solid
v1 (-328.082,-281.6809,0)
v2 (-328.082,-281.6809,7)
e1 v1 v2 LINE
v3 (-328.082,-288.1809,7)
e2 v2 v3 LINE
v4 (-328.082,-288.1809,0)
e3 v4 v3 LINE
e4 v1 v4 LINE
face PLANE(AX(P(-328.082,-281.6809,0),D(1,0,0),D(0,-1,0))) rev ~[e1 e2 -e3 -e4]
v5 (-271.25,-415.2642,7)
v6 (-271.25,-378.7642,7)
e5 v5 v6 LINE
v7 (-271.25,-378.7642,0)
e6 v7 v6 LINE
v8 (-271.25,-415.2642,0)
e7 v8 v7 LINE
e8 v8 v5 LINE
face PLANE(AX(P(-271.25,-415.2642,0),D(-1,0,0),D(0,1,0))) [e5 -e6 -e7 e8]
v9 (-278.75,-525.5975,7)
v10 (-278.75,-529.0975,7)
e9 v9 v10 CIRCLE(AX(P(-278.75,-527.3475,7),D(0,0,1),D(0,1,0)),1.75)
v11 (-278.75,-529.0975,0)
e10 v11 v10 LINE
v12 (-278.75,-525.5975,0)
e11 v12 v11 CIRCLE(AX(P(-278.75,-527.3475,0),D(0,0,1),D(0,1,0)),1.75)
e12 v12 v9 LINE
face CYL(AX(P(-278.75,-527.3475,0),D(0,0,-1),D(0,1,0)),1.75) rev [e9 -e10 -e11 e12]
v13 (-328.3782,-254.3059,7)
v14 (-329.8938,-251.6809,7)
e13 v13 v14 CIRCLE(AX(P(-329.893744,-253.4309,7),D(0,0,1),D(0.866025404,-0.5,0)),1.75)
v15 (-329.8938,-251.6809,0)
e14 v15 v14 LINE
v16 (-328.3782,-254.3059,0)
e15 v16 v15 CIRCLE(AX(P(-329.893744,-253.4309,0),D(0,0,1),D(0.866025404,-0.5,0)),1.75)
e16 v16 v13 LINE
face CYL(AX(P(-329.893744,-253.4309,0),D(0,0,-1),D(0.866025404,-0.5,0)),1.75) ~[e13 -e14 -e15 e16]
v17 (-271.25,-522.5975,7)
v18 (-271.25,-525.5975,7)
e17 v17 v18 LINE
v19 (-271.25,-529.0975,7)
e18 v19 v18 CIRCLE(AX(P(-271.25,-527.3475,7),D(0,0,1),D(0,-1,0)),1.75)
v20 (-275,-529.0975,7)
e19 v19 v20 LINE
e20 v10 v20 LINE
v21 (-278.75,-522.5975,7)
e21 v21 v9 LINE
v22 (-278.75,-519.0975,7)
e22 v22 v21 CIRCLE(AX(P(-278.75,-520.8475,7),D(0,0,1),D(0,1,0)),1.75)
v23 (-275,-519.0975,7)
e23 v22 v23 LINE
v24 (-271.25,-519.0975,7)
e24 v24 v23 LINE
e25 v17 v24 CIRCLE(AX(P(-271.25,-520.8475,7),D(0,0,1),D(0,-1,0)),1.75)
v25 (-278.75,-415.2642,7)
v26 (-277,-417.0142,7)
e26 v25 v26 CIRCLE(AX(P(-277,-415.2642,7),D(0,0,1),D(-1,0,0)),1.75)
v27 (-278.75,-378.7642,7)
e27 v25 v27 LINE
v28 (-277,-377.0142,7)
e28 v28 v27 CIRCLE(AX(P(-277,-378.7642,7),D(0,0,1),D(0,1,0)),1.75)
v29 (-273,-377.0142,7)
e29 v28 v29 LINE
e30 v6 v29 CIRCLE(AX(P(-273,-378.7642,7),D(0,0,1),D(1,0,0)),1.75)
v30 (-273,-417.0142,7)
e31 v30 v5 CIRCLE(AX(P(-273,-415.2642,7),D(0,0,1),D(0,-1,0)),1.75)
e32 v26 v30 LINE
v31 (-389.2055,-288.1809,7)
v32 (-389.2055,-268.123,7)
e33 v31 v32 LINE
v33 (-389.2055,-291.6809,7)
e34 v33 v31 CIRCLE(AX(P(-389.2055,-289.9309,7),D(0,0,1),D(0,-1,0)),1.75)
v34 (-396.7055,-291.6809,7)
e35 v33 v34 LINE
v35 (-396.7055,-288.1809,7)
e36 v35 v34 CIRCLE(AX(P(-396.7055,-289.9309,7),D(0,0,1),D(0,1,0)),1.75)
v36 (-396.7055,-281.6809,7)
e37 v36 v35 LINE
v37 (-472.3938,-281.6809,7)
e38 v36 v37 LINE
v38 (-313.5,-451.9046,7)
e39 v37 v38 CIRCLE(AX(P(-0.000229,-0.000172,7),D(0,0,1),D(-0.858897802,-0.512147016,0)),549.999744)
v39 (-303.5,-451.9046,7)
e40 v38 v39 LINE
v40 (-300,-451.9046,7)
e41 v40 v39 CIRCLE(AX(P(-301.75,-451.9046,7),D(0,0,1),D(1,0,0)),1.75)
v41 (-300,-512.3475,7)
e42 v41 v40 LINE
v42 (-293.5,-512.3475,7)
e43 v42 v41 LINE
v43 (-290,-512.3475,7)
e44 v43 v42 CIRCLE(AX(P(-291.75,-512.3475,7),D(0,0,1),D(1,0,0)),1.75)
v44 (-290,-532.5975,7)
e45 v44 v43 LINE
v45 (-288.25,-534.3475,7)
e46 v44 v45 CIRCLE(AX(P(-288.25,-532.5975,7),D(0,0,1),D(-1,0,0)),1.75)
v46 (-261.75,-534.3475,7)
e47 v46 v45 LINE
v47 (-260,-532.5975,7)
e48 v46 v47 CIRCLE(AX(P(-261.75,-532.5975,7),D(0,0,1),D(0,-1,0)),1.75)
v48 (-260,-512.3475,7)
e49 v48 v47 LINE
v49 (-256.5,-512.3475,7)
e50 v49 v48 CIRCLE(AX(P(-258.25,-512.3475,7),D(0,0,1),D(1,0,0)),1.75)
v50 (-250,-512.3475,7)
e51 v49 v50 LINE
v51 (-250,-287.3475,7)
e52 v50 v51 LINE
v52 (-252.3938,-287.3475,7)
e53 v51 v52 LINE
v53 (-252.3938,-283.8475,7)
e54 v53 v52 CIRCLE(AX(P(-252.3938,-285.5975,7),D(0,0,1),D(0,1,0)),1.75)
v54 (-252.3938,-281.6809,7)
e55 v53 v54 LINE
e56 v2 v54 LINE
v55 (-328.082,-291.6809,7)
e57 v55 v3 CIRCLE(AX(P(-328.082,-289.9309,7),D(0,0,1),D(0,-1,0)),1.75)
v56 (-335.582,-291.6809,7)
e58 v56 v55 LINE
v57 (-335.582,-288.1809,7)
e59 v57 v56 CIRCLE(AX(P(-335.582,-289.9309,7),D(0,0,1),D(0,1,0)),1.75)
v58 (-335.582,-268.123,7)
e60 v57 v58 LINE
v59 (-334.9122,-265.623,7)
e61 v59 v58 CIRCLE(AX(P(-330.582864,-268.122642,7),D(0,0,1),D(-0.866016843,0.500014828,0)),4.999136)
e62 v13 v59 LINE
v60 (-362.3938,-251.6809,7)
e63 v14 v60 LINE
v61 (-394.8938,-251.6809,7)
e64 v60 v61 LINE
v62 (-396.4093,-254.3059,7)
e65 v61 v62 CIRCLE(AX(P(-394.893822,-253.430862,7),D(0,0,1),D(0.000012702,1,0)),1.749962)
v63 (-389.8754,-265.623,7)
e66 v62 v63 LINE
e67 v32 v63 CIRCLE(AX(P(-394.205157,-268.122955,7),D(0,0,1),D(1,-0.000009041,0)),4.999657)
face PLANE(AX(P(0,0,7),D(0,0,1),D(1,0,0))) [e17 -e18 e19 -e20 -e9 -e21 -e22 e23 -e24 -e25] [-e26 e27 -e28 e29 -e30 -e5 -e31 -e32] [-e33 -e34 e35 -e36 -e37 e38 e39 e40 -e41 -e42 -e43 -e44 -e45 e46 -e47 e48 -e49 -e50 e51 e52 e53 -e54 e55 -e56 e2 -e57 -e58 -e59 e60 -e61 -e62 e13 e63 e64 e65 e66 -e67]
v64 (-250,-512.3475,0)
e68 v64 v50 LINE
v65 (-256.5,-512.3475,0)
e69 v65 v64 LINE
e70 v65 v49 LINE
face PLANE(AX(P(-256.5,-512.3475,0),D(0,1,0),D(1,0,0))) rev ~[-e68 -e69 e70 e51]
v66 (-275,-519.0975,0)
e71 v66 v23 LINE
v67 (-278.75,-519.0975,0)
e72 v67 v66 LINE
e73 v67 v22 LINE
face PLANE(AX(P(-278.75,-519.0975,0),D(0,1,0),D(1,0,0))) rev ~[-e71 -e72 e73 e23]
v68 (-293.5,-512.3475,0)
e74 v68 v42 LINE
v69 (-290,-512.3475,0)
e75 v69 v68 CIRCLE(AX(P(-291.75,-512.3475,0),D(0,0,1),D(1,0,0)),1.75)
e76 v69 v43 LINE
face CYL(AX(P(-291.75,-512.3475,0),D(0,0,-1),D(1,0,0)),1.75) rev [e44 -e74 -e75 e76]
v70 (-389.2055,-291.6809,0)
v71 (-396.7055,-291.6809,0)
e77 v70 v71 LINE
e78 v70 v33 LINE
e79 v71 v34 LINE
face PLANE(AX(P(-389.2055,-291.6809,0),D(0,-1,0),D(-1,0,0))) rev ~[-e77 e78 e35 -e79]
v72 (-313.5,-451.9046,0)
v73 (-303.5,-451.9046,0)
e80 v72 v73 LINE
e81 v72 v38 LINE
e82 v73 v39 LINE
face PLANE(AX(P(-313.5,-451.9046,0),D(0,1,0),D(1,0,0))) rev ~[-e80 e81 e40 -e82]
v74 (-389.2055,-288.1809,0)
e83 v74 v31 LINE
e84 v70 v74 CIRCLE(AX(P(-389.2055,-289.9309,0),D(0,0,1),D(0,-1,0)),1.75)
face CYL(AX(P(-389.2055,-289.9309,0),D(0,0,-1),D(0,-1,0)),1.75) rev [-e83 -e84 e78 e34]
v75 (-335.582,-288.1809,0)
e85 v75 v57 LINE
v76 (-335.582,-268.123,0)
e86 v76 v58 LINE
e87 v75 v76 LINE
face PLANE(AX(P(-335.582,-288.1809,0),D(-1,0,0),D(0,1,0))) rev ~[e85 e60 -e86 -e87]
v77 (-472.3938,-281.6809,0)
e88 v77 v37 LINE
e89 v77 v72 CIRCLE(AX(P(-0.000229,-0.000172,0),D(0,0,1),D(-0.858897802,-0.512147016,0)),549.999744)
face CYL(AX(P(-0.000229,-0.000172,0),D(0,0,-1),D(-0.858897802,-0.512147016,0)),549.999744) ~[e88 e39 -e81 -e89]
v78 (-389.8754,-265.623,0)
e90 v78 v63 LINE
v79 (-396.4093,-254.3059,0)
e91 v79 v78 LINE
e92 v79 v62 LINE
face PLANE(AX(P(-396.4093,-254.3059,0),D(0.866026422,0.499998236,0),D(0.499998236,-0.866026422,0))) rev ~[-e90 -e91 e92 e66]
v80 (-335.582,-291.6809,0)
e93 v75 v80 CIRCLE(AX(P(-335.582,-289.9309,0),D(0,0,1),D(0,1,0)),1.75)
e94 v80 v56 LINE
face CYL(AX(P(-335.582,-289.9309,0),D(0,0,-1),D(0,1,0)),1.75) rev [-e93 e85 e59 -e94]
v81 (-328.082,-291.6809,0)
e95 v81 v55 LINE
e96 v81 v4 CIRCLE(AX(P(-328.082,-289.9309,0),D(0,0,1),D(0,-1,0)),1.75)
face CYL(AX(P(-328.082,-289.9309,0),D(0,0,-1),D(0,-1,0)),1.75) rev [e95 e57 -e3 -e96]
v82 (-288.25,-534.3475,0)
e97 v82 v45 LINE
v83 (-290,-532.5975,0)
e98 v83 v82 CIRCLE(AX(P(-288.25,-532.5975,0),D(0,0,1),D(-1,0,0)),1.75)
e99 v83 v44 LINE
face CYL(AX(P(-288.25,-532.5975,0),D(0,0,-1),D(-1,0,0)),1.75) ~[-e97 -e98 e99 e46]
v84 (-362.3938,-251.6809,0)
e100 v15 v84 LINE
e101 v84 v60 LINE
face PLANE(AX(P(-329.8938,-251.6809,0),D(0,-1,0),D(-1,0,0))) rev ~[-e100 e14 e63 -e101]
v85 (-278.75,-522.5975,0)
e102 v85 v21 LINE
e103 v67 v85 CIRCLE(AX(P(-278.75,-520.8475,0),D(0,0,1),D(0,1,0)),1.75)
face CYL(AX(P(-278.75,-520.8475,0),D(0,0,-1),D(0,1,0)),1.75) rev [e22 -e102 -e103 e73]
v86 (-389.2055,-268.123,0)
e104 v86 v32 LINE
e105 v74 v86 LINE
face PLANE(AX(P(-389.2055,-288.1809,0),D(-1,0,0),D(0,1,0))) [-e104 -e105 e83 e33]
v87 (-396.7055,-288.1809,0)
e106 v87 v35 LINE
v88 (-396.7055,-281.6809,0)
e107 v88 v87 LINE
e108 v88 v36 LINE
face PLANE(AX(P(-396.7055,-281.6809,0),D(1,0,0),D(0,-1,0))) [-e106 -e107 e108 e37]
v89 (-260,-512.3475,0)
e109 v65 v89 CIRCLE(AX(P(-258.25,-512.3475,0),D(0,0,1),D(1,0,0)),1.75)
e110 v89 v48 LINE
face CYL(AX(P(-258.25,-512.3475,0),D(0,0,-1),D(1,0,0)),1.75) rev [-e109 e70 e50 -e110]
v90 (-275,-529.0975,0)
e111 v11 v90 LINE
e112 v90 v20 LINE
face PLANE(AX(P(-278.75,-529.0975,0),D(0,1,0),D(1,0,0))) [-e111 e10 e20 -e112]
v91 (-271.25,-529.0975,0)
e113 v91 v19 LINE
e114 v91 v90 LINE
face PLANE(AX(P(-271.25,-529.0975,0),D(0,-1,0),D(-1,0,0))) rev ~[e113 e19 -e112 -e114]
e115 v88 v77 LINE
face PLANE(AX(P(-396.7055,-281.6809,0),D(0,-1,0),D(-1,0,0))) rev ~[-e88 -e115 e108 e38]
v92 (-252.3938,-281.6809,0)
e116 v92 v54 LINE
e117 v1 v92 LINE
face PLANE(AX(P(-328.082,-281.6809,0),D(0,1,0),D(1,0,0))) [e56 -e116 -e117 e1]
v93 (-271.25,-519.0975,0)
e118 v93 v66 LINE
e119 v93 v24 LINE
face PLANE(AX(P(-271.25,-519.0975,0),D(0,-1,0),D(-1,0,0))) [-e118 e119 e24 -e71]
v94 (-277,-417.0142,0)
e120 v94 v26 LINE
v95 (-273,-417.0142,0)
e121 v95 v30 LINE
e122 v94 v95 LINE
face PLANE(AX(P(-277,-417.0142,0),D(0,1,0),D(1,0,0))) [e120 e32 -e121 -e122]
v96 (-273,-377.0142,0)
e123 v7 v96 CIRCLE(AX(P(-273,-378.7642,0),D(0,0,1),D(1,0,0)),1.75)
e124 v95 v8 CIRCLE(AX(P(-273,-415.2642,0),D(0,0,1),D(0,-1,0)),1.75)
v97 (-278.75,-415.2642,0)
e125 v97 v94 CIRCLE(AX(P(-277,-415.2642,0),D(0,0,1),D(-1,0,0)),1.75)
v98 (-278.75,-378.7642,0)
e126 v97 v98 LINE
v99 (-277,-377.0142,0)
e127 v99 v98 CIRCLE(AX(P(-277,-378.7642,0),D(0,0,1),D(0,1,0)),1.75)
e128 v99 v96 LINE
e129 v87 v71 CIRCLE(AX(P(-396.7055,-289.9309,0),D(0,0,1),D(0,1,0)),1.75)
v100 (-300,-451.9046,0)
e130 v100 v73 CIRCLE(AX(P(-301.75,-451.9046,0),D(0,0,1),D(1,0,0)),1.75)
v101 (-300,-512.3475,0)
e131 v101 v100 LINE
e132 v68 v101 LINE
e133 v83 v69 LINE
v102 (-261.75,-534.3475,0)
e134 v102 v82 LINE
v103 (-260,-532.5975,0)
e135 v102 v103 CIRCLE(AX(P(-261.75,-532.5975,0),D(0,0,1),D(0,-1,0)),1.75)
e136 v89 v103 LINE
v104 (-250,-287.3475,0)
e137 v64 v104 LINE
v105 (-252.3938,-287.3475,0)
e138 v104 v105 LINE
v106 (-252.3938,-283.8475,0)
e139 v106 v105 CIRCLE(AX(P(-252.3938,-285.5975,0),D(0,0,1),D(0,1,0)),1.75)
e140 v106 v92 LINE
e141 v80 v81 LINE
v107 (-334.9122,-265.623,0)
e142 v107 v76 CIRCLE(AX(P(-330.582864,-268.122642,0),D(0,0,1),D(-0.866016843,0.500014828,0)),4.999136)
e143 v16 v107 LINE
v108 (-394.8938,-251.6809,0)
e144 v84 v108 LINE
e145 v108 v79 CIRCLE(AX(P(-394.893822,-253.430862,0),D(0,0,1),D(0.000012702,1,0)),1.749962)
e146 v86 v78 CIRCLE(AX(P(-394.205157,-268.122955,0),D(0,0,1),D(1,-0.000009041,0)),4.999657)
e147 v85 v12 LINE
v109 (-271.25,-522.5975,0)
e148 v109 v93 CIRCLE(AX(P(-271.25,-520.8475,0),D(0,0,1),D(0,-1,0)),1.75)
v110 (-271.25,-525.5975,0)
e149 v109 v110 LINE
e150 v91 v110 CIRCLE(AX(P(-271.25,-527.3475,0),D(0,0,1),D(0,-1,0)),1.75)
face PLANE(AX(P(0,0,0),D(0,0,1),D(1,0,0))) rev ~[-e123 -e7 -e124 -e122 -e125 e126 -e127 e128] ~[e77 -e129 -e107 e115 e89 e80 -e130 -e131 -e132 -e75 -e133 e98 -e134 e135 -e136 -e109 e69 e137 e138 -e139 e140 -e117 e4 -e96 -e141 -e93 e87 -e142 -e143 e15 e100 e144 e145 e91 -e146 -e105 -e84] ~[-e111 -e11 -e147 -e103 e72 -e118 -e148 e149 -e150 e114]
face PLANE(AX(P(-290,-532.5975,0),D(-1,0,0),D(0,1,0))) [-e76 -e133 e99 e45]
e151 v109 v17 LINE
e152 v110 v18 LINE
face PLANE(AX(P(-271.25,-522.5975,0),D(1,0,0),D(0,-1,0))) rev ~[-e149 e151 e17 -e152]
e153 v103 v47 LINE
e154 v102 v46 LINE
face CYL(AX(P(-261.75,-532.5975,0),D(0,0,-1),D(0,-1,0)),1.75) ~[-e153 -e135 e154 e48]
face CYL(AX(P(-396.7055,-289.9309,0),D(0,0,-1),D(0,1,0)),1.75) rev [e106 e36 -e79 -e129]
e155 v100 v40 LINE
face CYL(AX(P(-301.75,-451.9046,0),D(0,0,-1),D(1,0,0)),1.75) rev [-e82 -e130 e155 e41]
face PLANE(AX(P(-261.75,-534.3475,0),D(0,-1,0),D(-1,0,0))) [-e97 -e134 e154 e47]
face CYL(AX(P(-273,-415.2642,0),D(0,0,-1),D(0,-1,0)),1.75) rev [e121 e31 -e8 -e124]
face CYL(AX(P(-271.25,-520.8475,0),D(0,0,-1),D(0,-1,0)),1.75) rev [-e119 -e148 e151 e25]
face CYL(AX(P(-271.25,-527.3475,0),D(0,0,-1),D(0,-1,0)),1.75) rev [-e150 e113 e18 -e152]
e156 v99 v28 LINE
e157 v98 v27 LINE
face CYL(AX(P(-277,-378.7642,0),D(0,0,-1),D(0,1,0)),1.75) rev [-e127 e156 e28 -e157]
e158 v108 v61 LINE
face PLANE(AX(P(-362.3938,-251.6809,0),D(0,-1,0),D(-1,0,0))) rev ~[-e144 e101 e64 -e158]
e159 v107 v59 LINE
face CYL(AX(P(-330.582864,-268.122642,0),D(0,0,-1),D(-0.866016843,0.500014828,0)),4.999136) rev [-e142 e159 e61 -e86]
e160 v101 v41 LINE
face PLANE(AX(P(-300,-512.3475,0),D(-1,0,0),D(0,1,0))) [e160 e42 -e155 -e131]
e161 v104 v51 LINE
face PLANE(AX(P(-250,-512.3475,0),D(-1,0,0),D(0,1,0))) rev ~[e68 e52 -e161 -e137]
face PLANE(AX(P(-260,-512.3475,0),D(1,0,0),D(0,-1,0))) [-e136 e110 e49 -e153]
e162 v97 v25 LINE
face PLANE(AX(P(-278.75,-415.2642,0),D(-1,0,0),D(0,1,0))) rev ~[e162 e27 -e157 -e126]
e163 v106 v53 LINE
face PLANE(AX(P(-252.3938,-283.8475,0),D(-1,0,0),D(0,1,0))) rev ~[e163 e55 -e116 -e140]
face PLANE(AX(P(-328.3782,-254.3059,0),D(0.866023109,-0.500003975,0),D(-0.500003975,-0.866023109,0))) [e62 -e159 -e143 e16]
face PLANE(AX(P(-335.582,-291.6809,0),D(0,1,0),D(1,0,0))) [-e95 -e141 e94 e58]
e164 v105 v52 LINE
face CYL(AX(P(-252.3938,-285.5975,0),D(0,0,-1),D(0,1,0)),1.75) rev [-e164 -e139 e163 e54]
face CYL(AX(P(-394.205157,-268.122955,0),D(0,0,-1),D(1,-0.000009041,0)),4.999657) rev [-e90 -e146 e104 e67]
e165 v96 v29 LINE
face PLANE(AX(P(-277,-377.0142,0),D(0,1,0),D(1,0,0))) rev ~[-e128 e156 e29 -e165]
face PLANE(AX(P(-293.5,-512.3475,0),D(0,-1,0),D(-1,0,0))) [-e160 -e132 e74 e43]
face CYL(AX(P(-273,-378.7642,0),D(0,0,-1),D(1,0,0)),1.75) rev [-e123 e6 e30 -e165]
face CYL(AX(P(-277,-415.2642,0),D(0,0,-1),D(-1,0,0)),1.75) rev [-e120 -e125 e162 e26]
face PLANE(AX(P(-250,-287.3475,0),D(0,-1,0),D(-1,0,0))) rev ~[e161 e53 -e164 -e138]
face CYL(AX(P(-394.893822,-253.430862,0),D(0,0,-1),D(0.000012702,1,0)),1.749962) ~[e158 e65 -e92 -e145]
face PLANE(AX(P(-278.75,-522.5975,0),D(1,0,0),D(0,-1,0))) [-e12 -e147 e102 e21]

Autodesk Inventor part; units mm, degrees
ref_plane "YZ Plane" through (0, 0, 0) normal (1, 0, 0) x (0, 1, 0)
ref_plane "XZ Plane" through (0, 0, 0) normal (0, 1, 0) x (-1, 0, 0)
ref_plane "XY Plane" through (0, 0, 0) normal (0, 0, 1) x (1, 0, 0)
sketch "Sketch1" plane through (0, 0, 0) normal (0, 0, 1) x (1, 0, 0)
  arc A0 (0, 550) -> (-200, 512.3475) centre (0, 0) ccw construction
  line L0 (-472.3938, -281.6809) -> (-252.3938, -281.6809) construction
  line L1 (-489.0365, 251.6809) -> (-252.3938, 251.6809) construction
  line L2 (-150, 323.3356) -> (-150, 512.3475) construction
  line L3 (-472.3938, 281.6809) -> (-252.3938, 281.6809) construction
  line L4 (-472.3938, -251.6809) -> (-252.3938, -251.6809) construction
  line L5 (-356.435, 15) -> (-576.435, 15) construction
  line L6 (-472.3938, -281.6809) -> (-472.3938, -251.6809) construction
  line L7 (-252.3938, -281.6809) -> (-252.3938, -251.6809) construction
  line L8 (-252.3938, 281.6809) -> (-252.3938, 251.6809) construction
  line L9 (-472.3938, 281.6809) -> (-472.3938, 251.6809) construction
  line L10 (-356.435, 15) -> (-356.435, -15) construction
  line L11 (-356.435, -15) -> (-576.435, -15) construction
  line L12 (-576.435, -15) -> (-576.435, 15) construction
  arc A1 (0, 356.435) -> (-150, 323.3356) centre (0, 0) ccw construction
  arc A2 (-250, -323.3356) -> (-100, -356.435) centre (-100, 0) ccw construction
  arc A3 (-256.5, -512.3475) -> (-260, -512.3475) centre (-258.25, -512.3475) ccw
  line L13 (-278.75, -519.0975) -> (-275, -519.0975)
  line L14 (-278.75, -529.0975) -> (-275, -529.0975)
  line L15 (-275, -519.0975) -> (-275, -529.0975)
  arc A4 (-278.75, -519.0975) -> (-278.75, -522.5975) centre (-278.75, -520.8475) ccw
  arc A5 (-278.75, -525.5975) -> (-278.75, -529.0975) centre (-278.75, -527.3475) ccw
  line L16 (-271.25, -519.0975) -> (-275, -519.0975)
  line L17 (-271.25, -529.0975) -> (-275, -529.0975)
  arc A6 (-271.25, -522.5975) -> (-271.25, -519.0975) centre (-271.25, -520.8475) ccw
  arc A7 (-271.25, -529.0975) -> (-271.25, -525.5975) centre (-271.25, -527.3475) ccw
  line L18 (-356.1192, -15) -> (-549.7954, -15) construction
  line L19 (-252.3938, 251.6809) -> (-489.0365, 251.6809) construction
  arc A8 (-192.6667, 512.3475) -> (-190, 512.3475) centre (-191.3333, 512.3475) ccw construction
  line L20 (-157.3333, 512.3475) -> (-150, 512.3475) construction
  line L21 (-192.6667, 512.3475) -> (-200, 512.3475) construction
  arc A9 (-160, 512.3475) -> (-157.3333, 512.3475) centre (-158.6667, 512.3475) ccw construction
  line L22 (-171.25, 517.8475) -> (-175, 517.8475) construction
  line L23 (-171.25, 520.5142) -> (-171.25, 525.1809) construction
  line L24 (-161.3333, 532.3475) -> (-188.6667, 532.3475) construction
  line L25 (-190, 531.0142) -> (-190, 512.3475) construction
  line L26 (-160, 531.0142) -> (-160, 512.3475) construction
  arc A10 (-160, 531.0142) -> (-161.3333, 532.3475) centre (-161.3333, 531.0142) ccw construction
  arc A11 (-188.6667, 532.3475) -> (-190, 531.0142) centre (-188.6667, 531.0142) ccw construction
  line L27 (-171.25, 527.8475) -> (-175, 527.8475) construction
  line L28 (-175, 532.3475) -> (-175, 535.9358) construction
  line L29 (-175, 517.8475) -> (-175, 527.8475) construction
  arc A12 (-171.25, 517.8475) -> (-171.25, 520.5142) centre (-171.25, 519.1809) ccw construction
  arc A13 (-171.25, 525.1809) -> (-171.25, 527.8475) centre (-171.25, 526.5142) ccw construction
  line L30 (-178.75, 517.8475) -> (-175, 517.8475) construction
  arc A14 (-178.75, 520.5142) -> (-178.75, 517.8475) centre (-178.75, 519.1809) ccw construction
  line L31 (-178.75, 520.5142) -> (-178.75, 525.1809) construction
  arc A15 (-178.75, 527.8475) -> (-178.75, 525.1809) centre (-178.75, 526.5142) ccw construction
  line L32 (-178.75, 527.8475) -> (-175, 527.8475) construction
  arc A16 (-334.9122, -265.623) -> (-335.582, -268.123) centre (-330.582, -268.123) ccw
  line L33 (-328.3782, -254.3059) -> (-334.9122, -265.623)
  arc A17 (-328.3782, -254.3059) -> (-329.8938, -251.6809) centre (-329.8938, -253.4309) ccw
  line L34 (-329.8938, -251.6809) -> (-394.8938, -251.6809)
  line L35 (-362.3938, -251.6809) -> (-362.3938, -293.6041)
  arc A18 (-389.2055, -268.123) -> (-389.8754, -265.623) centre (-394.2055, -268.123) ccw
  arc A19 (-394.8938, -251.6809) -> (-396.4093, -254.3059) centre (-394.8938, -253.4309) ccw
  line L36 (-396.4093, -254.3059) -> (-389.8754, -265.623)
  arc A20 (-389.2055, -291.6809) -> (-389.2055, -288.1809) centre (-389.2055, -289.9309) ccw
  line L37 (-389.2055, -291.6809) -> (-396.7055, -291.6809)
  line L38 (-396.7055, -281.6809) -> (-472.3938, -281.6809)
  line L39 (-328.082, -281.6809) -> (-252.3938, -281.6809)
  arc A21 (-150, 323.3356) -> (-252.3938, -251.6809) centre (0, 0) ccw construction
  arc A22 (-200, 512.3475) -> (-472.3938, -281.6809) centre (0, 0) ccw construction
  line L40 (-271.25, -415.2642) -> (-271.25, -378.7642)
  line L41 (-278.75, -415.2642) -> (-278.75, -378.7642)
  line L42 (-277, -417.0142) -> (-273, -417.0142)
  line L43 (-277, -377.0142) -> (-273, -377.0142)
  arc A23 (-277, -377.0142) -> (-278.75, -378.7642) centre (-277, -378.7642) ccw
  arc A24 (-278.75, -415.2642) -> (-277, -417.0142) centre (-277, -415.2642) ccw
  arc A25 (-273, -417.0142) -> (-271.25, -415.2642) centre (-273, -415.2642) ccw
  arc A26 (-271.25, -378.7642) -> (-273, -377.0142) centre (-273, -378.7642) ccw
  line L44 (-260, -512.3475) -> (-260, -532.5975)
  line L45 (-261.75, -534.3475) -> (-288.25, -534.3475)
  line L46 (-271.25, -522.5975) -> (-271.25, -525.5975)
  line L47 (-278.75, -522.5975) -> (-278.75, -525.5975)
  arc A27 (-290, -532.5975) -> (-288.25, -534.3475) centre (-288.25, -532.5975) ccw
  arc A28 (-261.75, -534.3475) -> (-260, -532.5975) centre (-261.75, -532.5975) ccw
  line L48 (-256.5, -512.3475) -> (-250, -512.3475)
  arc A29 (-396.7055, -288.1809) -> (-396.7055, -291.6809) centre (-396.7055, -289.9309) ccw
  line L49 (-396.7055, -281.6809) -> (-396.7055, -288.1809)
  line L50 (-389.2055, -288.1809) -> (-389.2055, -268.123)
  arc A30 (-335.582, -288.1809) -> (-335.582, -291.6809) centre (-335.582, -289.9309) ccw
  line L51 (-335.582, -291.6809) -> (-328.082, -291.6809)
  arc A31 (-328.082, -291.6809) -> (-328.082, -288.1809) centre (-328.082, -289.9309) ccw
  line L52 (-328.082, -281.6809) -> (-328.082, -288.1809)
  line L53 (-335.582, -288.1809) -> (-335.582, -268.123)
  arc A32 (-252.3938, -283.8475) -> (-252.3938, -287.3475) centre (-252.3938, -285.5975) ccw
  line L54 (-252.3938, -283.8475) -> (-252.3938, -281.6809)
  line L55 (-260, -549.9217) -> (-260, -576.1723)
  line L56 (-160, -561.8521) -> (-260, -561.8521)
  arc A33 (-472.3938, -281.6809) -> (-313.5, -451.9046) centre (0, 0) ccw
  line L57 (-250, -287.3475) -> (-252.3938, -287.3475)
  line L58 (-250, -512.3475) -> (-250, -287.3475)
  arc A34 (-290, -512.3475) -> (-293.5, -512.3475) centre (-291.75, -512.3475) ccw
  line L59 (-293.5, -512.3475) -> (-300, -512.3475)
  line L60 (-300, -512.3475) -> (-300, -451.9046)
  arc A35 (-300, -451.9046) -> (-303.5, -451.9046) centre (-301.75, -451.9046) ccw
  line L61 (-313.5, -451.9046) -> (-303.5, -451.9046)
  line L62 (-290, -532.5975) -> (-290, -512.3475)
  point P0 (0, 512.3475)
  point P1 (0, -512.3475)
  point P2 (-290, -534.3475)
  point P3 (-260, -534.3475)
  point P4 (-59.9119, -534.1417)
  point P5 (-160, 532.3475)
  point P6 (-190, 532.3475)
  point P7 (-389.2055, -259.0142)
  dimension "d13" = 550
  dimension "d17" = 200
  dimension "d18" = 0
  dimension "d54" = 220
  dimension "d56" = 220
  dimension "d57" = 30
  dimension "d59" = 30
  dimension "d62" = 252.3938
  dimension "d73" = 236.6809
  dimension "d74" = 236.6809
  dimension "d75" = 576.435
  dimension "d76" = 472.3938
  dimension "d77" = 472.3938
  dimension "d78" = 30
  dimension "d81" = 220
  dimension "d82" = 252.3938
  dimension "d85" = 356.435
  dimension "d88" = 3.5
  dimension "d89" = 30
  dimension "d90" = 22
  dimension "d103" = 3.75
  dimension "d104" = 3.75
  dimension "d105" = 2.6667
  dimension "d106" = 30
  dimension "d107" = 20
  dimension "d108" = 2.6667
  dimension "d109" = 1.3333
  dimension "d110" = 7.3333
  dimension "d111" = 7.3333
  dimension "d112" = 7.5
  dimension "d113" = 3.75
  dimension "d114" = 3.75
  dimension "d134" = 3.5
  dimension "d135" = 65
  dimension "d136" = 65
  dimension "d137" = 7.3333
  dimension "d138" = 60
  dimension "d139" = 5
  dimension "d140" = 7.5
  dimension "d148" = 1.75
  dimension "d151" = 40
  dimension "d159" = 1.75
  dimension "d160" = 1.75
  dimension "d161" = 1.75
  dimension "d164" = 7.5
  dimension "d170" = 30
  dimension "d171" = 1.75
  dimension "d172" = 10
  dimension "d173" = 3.5
  dimension "d176" = 77.5
  dimension "d180" = 260
  dimension "d182" = 95.3333
  dimension "d184" = 230.6667
  dimension "d185" = 95.3333
  dimension "d186" = 97.0833
  dimension "d187" = 3.5
extrude "Extrusion1" add sketch "Sketch1" along normal blind 7
properties part number "Support A - V2"
